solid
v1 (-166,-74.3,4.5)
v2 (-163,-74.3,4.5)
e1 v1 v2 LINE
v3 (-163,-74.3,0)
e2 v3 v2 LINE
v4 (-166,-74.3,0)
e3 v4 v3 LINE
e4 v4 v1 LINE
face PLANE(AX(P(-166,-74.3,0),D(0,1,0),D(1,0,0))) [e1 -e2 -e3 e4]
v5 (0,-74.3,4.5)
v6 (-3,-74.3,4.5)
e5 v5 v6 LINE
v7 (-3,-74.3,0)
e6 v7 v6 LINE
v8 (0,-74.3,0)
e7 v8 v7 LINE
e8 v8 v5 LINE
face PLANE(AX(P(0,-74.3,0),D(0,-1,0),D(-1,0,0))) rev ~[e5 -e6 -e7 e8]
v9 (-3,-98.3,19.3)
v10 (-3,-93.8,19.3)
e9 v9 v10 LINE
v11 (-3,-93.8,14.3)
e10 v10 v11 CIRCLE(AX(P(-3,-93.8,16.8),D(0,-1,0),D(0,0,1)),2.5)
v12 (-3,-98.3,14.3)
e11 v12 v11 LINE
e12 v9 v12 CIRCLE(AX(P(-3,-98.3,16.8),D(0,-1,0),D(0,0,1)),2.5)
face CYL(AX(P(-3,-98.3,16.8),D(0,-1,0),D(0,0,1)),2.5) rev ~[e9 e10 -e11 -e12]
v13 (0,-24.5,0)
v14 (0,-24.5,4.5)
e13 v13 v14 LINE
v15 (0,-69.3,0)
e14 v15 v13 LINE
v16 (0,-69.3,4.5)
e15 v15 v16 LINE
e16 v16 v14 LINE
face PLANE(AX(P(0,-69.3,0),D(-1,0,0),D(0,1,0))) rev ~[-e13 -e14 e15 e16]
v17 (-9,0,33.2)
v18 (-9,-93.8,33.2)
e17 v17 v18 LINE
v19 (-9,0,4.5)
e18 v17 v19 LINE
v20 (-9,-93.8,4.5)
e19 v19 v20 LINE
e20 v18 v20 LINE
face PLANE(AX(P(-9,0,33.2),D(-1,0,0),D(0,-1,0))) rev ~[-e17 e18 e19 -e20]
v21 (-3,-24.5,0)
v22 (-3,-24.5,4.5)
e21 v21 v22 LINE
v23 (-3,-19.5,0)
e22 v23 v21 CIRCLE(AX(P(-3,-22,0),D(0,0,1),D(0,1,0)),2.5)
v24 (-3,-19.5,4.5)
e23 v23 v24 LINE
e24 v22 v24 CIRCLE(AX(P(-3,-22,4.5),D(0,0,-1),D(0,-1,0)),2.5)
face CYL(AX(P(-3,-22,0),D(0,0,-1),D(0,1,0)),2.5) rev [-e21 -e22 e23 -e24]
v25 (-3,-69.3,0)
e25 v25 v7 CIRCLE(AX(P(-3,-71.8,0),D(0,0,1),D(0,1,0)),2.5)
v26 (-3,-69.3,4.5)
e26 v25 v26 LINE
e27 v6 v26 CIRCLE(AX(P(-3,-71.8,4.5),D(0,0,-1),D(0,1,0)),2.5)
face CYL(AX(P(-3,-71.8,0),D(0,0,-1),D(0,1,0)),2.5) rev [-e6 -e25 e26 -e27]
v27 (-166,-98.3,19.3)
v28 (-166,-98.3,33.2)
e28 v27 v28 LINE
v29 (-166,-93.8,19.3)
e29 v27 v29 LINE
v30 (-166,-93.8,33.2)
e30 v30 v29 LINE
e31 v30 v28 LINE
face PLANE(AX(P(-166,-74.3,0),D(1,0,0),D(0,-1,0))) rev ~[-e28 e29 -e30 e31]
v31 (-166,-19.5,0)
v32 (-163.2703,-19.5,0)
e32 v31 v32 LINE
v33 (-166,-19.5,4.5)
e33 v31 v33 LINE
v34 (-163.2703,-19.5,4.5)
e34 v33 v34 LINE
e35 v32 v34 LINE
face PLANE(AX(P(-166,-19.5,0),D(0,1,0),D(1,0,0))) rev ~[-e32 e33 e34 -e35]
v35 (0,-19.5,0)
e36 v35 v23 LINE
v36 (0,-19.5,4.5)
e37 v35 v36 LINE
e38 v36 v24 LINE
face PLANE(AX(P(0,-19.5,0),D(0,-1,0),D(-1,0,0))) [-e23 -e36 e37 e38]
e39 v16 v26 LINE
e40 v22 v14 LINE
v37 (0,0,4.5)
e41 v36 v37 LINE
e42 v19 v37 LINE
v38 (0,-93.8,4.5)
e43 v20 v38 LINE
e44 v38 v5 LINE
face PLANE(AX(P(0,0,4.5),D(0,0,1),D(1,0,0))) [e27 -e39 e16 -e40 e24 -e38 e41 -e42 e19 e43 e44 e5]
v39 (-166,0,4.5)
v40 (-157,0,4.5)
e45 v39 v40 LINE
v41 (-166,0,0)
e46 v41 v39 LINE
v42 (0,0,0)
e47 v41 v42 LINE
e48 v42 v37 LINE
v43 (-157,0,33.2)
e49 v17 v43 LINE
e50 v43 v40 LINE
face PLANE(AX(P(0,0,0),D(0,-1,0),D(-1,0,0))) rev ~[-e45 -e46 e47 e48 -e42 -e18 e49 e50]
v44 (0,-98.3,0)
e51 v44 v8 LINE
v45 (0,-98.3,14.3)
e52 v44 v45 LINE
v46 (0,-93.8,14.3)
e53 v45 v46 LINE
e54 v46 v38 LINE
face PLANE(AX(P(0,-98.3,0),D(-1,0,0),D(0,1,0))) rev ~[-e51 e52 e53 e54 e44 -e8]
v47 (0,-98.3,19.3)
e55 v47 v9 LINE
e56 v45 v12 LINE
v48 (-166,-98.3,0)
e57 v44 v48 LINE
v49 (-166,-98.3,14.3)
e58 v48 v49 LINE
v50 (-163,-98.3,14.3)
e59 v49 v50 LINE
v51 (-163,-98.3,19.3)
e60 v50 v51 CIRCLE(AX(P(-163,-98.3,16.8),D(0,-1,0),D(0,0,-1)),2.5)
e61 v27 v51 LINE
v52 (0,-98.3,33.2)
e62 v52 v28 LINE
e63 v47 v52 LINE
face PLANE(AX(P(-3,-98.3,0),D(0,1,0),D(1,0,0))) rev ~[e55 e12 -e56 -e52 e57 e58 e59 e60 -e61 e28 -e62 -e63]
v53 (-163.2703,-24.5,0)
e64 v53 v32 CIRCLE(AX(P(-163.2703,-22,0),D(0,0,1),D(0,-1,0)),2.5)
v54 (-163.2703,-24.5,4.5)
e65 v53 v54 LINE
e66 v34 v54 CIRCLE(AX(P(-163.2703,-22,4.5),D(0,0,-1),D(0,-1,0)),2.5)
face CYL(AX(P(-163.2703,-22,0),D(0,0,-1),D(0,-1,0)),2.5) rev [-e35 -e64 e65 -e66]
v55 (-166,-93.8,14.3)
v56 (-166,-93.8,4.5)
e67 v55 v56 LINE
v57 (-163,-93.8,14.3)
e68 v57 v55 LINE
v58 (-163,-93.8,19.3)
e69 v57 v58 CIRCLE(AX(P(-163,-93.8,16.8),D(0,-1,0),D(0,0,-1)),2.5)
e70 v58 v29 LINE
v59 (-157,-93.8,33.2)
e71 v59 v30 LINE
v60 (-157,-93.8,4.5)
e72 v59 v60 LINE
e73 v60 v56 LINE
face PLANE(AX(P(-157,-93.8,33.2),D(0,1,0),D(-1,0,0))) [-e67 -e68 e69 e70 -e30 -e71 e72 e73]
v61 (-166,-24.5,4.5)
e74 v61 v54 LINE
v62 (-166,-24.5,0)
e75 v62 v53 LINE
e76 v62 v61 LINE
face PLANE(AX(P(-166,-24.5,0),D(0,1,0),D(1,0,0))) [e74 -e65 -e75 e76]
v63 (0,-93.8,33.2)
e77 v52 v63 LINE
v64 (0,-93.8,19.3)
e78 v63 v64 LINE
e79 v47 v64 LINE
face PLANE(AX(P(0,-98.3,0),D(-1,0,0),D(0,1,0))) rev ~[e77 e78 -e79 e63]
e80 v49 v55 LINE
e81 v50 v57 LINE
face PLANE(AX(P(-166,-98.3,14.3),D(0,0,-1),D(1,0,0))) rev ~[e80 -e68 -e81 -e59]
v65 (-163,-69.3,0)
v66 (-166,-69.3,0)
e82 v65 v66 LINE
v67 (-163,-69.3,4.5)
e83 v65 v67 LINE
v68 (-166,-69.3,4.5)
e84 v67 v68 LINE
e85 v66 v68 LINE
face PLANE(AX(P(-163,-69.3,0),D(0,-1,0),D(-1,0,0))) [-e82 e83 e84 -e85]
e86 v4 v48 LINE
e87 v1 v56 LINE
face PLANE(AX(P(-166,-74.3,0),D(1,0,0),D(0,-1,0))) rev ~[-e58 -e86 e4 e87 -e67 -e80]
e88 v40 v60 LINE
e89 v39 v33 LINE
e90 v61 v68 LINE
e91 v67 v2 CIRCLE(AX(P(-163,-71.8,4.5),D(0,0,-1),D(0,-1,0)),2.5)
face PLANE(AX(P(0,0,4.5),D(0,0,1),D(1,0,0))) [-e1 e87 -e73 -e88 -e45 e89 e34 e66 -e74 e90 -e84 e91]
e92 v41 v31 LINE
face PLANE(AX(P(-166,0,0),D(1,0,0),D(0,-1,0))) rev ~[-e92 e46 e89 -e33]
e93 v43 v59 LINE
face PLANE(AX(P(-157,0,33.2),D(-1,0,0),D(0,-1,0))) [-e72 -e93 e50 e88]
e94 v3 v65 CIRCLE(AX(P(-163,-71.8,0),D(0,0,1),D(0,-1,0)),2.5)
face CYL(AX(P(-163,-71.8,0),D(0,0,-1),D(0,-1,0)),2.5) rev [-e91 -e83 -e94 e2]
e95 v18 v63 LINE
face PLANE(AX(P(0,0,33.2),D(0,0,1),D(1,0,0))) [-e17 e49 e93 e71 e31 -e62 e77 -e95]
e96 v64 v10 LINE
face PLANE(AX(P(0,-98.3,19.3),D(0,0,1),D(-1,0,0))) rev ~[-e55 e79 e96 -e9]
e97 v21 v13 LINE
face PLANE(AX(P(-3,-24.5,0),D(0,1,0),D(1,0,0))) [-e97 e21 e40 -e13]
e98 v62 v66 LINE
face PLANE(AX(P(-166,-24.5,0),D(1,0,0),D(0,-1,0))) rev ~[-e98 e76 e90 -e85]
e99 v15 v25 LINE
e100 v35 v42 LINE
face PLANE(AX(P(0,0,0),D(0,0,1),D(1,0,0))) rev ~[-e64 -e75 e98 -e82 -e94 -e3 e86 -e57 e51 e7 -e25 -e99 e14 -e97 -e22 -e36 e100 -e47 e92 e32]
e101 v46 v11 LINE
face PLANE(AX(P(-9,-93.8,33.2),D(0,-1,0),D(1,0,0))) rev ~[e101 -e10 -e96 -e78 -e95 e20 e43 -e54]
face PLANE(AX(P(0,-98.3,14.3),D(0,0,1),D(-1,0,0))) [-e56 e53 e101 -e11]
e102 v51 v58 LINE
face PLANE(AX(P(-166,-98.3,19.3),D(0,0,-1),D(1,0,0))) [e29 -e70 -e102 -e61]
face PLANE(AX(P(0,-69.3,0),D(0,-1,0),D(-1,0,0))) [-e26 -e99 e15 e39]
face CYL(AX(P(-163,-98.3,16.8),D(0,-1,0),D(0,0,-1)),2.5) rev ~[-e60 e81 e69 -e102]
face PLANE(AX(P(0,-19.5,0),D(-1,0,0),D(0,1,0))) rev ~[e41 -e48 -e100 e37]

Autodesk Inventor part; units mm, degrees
ref_plane "YZ Plane" through (0, 0, 0) normal (1, 0, 0) x (0, 1, 0)
ref_plane "XZ Plane" through (0, 0, 0) normal (0, 1, 0) x (-1, 0, 0)
ref_plane "XY Plane" through (0, 0, 0) normal (0, 0, 1) x (1, 0, 0)
sketch "Sketch1" plane through (0, 0, 0) normal (0, 0, 1) x (1, 0, 0)
  point P0 (0, 0)
sketch "Sketch2" plane through (0, 0, 0) normal (0, 0, 1) x (1, 0, 0)
  line L0 (0, 0) -> (-166, 0)
  line L1 (-166, -98.3) -> (0, -98.3)
  line L2 (0, 0) -> (-163, 0)
  line L3 (0, -19.5) -> (0, 0)
  line L4 (-3, 0) -> (0, 0)
  line L5 (0, 0) -> (0, -19.5)
  line L6 (-166, -19.5) -> (-163, -19.5)
  line L7 (-166, -24.5) -> (-163, -24.5)
  line L8 (-166, -98.3) -> (-3, -98.3)
  line L9 (-166, -74.3) -> (-166, -98.3)
  line L10 (-163, -98.3) -> (-166, -98.3)
  line L11 (-166, -98.3) -> (-166, -74.3)
  line L12 (-163, -69.3) -> (-166, -69.3)
  line L13 (-166, -74.3) -> (-163, -74.3)
  arc A0 (-163, -74.3) -> (-163, -69.3) centre (-163, -71.8) ccw
  line L14 (-166, -74.3) -> (-166, -98.3)
  line L15 (-166, 0) -> (-166, -19.5)
  line L16 (-166, -24.5) -> (-166, -69.3)
  line L17 (0, -69.3) -> (-3, -69.3)
  line L18 (-3, -69.3) -> (0, -69.3)
  line L19 (0, -74.3) -> (-3, -74.3)
  arc A1 (-3, -69.3) -> (-3, -74.3) centre (-3, -71.8) ccw
  arc A2 (-163.2703, -24.5) -> (-163.2703, -19.5) centre (-163.2703, -22) ccw
  line L20 (0, -98.3) -> (0, -74.3)
  line L21 (-163.2703, -19.5) -> (-163, -19.5)
  line L22 (-163, -24.5) -> (-163.2703, -24.5)
  line L23 (0, -19.5) -> (-3, -19.5)
  line L24 (-3, -24.5) -> (0, -24.5)
  arc A3 (-3, -19.5) -> (-3, -24.5) centre (-3, -22) ccw
  line L25 (-3.2703, -19.5) -> (-3.2703, -19.5147)
  line L26 (-3.2703, -24.4853) -> (-3.2703, -24.5)
  line L27 (0, -69.3) -> (0, -24.5)
  line L28 (0, -19.5) -> (0, 0)
  dimension "d19" = 160
  dimension "d21" = 49.8
extrude "Extrusion1" add sketch "Sketch2" along normal blind 33.2
sketch "Sketch3" plane through (0, 0, 33.2) normal (0, 0, 1) x (1, 0, 0)
  line L0 (-9, 0) -> (-9, -93.8)
  line L1 (-166, -93.8) -> (-166, 0)
  line L2 (-157, 0) -> (-157, -93.8)
  line L3 (-9, -93.8) -> (-9, 0)
  line L4 (-9, -93.8) -> (0, -93.8)
  line L5 (0, -93.8) -> (0, 0)
  line L6 (0, 0) -> (-9, 0)
  line L7 (-9, 0) -> (-9, -93.8)
  line L8 (-166, 0) -> (-166, -19.5) projected
  line L9 (-166, 0) -> (-157, 0)
  line L10 (-157, 0) -> (-157, -93.8)
  line L11 (-157, -93.8) -> (-166, -93.8)
  line L12 (-166, -93.8) -> (-166, 0)
  dimension "d24" = 157
  dimension "d25" = 93.8
  dimension "d26" = 148
extrude "Extrusion2" cut sketch "Sketch3" against normal blind 28.7
sketch "Sketch4" plane through (-166, -98.3, 0) normal (0, -1, 0) x (1, 0, 0)
  line L0 (166, 33.2) -> (163, 33.2)
  line L1 (166, 19.3) -> (166, 33.2)
  line L2 (166, 0) -> (166, 33.2) projected
  line L3 (166, 19.3) -> (163, 19.3)
  line L4 (166, 14.3) -> (163, 14.3)
  arc A0 (163, 19.3) -> (163, 14.3) centre (163, 16.8) ccw
  line L5 (0, 33.2) -> (166, 33.2) projected
  line L6 (0, 33.2) -> (3, 33.2)
  line L7 (0, 14.3) -> (3, 14.3)
  line L8 (0, 19.3) -> (3, 19.3)
  arc A1 (3, 14.3) -> (3, 19.3) centre (3, 16.8) ccw
  line L9 (0, 19.3) -> (0, 14.3)
  line L10 (0, 0) -> (0, 33.2) projected
extrude "Extrusion3" cut sketch "Sketch4" against normal blind 28.7
properties part number "Complete Driver"
